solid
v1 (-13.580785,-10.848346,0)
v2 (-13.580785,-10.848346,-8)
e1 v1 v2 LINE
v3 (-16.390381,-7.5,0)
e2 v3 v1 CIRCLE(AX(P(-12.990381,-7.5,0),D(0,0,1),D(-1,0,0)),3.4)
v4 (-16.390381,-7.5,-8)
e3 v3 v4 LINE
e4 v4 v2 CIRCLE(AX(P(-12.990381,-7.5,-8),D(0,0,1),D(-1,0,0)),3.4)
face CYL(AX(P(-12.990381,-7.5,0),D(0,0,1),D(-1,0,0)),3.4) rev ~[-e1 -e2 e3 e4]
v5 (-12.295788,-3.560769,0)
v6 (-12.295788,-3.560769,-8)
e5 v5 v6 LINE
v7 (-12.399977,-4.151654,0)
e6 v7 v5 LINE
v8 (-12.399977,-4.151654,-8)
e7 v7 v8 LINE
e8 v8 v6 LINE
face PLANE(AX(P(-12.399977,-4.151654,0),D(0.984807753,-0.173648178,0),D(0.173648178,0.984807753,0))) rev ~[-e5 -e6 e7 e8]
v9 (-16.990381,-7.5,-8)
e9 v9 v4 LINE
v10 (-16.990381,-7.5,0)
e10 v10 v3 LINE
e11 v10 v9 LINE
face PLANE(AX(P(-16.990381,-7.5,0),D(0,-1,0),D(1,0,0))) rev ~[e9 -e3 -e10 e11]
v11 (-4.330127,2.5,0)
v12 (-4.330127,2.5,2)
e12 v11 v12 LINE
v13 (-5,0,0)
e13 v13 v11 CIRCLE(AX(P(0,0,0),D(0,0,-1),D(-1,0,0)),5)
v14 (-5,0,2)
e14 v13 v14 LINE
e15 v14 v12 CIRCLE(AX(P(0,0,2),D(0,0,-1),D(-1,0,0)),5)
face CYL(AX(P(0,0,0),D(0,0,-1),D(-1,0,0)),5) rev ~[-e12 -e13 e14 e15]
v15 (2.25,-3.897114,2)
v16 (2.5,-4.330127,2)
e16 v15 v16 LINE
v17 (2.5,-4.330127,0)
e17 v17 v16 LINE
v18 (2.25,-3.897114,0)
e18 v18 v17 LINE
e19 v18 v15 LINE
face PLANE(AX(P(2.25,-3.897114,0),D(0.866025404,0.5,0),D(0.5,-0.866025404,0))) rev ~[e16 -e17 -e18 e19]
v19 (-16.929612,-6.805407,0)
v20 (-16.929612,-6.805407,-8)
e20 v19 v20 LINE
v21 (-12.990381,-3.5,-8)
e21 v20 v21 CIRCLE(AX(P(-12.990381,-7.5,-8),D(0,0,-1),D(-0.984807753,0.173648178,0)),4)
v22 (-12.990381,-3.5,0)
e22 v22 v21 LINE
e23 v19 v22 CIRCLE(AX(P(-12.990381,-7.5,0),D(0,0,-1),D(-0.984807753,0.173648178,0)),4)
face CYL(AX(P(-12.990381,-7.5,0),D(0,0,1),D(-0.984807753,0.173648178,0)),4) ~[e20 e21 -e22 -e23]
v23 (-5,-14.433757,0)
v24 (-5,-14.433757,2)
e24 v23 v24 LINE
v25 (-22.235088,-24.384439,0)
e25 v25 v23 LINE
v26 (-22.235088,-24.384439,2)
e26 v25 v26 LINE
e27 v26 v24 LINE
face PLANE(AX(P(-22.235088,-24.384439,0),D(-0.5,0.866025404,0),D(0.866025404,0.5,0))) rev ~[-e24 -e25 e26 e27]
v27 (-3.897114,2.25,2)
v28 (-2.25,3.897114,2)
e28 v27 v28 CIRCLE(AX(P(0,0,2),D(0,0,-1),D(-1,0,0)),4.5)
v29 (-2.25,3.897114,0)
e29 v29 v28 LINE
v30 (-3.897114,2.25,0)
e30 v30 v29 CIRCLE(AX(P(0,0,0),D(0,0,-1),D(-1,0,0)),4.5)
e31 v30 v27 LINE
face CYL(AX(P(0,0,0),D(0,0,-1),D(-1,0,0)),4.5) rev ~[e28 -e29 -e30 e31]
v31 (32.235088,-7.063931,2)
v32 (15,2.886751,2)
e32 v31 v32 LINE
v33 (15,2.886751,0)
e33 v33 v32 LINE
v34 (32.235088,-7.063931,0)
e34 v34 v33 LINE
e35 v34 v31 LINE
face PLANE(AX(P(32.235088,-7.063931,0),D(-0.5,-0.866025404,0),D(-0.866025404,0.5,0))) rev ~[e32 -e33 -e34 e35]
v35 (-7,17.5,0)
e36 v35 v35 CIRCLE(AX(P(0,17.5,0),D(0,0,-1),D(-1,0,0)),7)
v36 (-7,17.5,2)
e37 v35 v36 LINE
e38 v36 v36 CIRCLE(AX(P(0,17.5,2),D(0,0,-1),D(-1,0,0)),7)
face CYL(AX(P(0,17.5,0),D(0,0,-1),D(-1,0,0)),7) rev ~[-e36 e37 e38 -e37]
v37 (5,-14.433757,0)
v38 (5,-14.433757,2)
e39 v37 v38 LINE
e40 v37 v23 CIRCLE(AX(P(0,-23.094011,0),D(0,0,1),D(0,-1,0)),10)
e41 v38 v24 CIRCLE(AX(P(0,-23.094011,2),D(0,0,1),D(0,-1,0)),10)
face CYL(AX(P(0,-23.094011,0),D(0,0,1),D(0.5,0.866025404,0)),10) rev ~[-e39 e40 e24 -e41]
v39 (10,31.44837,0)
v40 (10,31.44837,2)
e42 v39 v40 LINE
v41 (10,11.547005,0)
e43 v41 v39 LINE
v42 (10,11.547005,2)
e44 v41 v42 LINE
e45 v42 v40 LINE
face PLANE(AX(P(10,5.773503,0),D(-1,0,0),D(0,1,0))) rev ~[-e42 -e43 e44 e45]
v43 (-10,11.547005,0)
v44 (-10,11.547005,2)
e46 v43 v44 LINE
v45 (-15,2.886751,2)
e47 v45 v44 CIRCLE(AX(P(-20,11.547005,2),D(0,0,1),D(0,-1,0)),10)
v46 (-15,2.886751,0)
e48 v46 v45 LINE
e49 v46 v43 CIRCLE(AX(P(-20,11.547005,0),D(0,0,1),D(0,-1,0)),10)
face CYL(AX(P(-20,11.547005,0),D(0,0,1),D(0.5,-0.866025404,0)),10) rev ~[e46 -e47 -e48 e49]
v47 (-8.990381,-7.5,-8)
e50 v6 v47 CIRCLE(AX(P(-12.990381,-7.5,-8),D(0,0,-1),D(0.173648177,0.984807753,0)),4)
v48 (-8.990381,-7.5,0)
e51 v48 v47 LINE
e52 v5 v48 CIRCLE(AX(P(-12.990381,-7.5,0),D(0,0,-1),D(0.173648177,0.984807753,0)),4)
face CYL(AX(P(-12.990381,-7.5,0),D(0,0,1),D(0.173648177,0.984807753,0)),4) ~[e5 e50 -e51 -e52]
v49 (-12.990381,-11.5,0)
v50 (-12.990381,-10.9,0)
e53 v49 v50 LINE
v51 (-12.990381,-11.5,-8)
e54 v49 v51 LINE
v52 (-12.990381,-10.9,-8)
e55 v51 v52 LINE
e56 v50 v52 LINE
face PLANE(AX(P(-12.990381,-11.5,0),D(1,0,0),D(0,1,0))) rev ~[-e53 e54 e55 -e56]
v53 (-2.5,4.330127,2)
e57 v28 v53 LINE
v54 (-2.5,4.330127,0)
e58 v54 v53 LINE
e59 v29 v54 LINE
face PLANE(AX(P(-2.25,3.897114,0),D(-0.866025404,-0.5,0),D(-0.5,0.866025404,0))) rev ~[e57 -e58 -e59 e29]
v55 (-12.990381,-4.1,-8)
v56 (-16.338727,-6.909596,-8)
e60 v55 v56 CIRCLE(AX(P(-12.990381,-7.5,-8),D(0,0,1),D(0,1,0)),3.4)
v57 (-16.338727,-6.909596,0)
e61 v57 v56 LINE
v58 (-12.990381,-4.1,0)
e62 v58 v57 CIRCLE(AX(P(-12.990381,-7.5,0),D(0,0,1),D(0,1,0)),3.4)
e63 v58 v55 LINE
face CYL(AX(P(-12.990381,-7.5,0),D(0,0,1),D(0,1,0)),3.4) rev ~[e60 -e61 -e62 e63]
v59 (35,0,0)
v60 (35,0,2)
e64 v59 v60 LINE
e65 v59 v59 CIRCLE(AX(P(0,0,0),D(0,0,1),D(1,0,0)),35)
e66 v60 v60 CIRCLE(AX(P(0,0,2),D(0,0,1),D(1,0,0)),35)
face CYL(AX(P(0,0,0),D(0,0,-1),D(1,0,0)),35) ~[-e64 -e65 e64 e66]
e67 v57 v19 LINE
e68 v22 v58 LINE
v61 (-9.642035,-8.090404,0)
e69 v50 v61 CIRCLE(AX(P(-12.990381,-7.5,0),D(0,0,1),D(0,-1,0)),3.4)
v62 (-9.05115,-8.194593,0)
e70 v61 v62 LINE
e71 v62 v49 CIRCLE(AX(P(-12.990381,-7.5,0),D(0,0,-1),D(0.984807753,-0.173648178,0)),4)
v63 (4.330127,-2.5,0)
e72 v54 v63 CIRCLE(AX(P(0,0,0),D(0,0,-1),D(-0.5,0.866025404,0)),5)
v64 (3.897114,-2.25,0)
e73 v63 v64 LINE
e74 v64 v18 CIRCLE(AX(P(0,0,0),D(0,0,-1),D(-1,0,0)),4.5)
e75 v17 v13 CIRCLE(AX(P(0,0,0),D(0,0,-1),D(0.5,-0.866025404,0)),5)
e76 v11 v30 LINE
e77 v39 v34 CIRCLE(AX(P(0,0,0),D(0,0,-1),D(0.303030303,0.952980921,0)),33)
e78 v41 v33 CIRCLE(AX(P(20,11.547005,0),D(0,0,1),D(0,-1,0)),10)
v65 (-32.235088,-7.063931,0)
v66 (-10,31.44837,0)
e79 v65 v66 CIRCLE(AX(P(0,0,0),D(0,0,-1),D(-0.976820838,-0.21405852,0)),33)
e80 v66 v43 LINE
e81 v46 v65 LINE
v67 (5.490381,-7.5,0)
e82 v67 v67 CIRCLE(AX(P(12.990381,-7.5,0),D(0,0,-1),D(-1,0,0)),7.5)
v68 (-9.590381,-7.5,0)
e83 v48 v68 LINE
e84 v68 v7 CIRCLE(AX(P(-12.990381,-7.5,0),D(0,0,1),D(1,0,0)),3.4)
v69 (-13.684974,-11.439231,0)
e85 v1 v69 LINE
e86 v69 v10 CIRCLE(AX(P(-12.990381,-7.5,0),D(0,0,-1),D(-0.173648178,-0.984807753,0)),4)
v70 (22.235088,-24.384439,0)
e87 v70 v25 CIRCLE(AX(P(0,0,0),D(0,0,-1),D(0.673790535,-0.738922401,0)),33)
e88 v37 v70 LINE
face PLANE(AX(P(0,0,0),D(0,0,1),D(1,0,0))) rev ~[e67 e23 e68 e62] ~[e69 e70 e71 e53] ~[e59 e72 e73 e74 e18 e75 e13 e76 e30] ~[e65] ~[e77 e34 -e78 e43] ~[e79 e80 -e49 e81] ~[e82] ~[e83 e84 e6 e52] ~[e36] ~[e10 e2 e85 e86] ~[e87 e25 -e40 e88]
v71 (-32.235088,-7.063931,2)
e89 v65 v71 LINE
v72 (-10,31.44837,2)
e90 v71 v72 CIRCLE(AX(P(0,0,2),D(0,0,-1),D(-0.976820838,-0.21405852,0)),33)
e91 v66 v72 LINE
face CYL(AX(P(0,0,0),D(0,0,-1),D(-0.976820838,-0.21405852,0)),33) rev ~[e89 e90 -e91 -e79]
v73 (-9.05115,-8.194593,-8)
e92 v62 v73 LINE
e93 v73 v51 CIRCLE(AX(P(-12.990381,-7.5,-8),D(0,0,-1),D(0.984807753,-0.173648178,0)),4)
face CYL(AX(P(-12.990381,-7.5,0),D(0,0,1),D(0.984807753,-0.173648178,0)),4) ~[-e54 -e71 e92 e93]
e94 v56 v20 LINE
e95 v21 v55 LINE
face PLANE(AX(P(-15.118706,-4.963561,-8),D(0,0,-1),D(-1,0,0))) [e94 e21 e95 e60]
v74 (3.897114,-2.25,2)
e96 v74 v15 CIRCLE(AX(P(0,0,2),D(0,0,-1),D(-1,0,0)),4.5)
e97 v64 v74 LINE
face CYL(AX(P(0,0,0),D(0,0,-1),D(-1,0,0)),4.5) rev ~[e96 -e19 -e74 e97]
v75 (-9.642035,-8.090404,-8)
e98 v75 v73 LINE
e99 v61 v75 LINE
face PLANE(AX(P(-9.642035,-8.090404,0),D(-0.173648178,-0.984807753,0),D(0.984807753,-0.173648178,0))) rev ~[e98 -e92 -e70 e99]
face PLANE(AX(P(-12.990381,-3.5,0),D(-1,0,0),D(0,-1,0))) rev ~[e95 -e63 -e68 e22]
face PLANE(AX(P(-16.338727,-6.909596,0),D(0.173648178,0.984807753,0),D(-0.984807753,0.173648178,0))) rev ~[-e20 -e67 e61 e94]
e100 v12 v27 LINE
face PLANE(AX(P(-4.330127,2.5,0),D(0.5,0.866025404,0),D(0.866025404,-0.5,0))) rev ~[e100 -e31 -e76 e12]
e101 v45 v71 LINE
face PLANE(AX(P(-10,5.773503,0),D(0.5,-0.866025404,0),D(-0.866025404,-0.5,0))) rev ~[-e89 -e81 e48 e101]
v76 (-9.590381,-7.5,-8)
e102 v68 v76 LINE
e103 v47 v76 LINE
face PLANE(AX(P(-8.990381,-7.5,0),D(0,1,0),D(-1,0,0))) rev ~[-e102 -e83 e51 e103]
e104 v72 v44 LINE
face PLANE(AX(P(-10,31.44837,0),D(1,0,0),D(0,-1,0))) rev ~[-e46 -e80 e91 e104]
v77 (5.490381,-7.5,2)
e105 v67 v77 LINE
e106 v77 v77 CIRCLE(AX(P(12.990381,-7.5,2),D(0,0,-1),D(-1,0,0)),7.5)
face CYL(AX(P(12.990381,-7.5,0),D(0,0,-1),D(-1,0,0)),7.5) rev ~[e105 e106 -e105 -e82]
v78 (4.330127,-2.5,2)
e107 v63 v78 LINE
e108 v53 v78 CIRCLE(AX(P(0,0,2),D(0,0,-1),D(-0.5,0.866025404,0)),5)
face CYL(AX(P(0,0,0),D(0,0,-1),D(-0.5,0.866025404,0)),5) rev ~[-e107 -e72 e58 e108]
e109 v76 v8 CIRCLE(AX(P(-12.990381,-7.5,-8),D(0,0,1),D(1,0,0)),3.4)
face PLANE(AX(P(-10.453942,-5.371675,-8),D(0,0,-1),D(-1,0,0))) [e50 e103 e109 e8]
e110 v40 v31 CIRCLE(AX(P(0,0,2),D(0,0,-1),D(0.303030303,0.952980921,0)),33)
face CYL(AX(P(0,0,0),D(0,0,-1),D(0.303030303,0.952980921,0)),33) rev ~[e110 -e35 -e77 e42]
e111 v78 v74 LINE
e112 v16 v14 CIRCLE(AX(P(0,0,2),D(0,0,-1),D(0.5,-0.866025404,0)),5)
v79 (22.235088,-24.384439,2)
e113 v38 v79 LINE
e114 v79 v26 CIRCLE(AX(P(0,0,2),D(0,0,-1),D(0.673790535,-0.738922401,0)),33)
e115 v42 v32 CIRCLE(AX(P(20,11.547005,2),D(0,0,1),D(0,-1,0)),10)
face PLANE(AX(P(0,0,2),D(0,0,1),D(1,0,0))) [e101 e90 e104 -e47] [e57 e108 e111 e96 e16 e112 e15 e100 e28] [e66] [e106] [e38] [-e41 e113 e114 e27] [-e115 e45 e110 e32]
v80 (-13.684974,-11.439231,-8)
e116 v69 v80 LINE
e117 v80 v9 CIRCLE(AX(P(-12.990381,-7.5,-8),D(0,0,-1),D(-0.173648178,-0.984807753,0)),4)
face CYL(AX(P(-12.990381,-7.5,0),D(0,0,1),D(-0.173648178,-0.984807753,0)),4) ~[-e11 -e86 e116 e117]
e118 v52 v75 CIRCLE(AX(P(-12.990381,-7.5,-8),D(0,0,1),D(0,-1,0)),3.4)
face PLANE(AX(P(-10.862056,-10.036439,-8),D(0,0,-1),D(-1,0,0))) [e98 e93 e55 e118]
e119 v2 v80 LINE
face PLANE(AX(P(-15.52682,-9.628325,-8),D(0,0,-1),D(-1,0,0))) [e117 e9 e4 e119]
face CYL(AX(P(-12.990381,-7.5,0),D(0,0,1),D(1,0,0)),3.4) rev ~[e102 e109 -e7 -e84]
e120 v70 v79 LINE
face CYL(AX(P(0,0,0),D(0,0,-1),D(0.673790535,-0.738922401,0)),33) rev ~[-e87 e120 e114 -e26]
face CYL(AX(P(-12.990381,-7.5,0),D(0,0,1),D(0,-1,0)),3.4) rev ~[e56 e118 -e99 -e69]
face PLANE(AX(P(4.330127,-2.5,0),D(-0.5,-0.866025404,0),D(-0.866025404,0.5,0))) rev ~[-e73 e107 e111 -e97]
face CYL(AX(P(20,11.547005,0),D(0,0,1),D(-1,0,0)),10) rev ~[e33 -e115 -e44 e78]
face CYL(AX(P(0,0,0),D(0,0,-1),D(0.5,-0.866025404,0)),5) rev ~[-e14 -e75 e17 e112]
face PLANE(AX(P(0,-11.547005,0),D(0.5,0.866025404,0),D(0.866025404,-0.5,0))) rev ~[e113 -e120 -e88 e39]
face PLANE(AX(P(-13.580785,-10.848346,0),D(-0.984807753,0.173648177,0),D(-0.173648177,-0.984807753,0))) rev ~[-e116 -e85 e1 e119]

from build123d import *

# Parameters (mm, degrees)
SKETCH1_R           = 35
BOSS_EXTRUDE1_DEPTH = 2
FILLET1_R           = 10
CUT_EXTRUDE2_REACH  = 51.538
SKETCH2_R           = 4.5
CUT_EXTRUDE3_REACH  = 51.538
SKETCH3_R           = 7.5
SKETCH3_R_2         = 7
BOSS_EXTRUDE2_DEPTH = 8


with BuildPart() as part:
    # Sketch1 → Boss-Extrude1 (new body)
    with BuildSketch(Plane.XY):
        Circle(SKETCH1_R)
        with BuildLine():
            Line((-10, 31.448370387), (-10, 5.773502692))
            Line((-10, 5.773502692), (-32.235087663, -7.063931156))
            ThreePointArc((-32.235087663, -7.063931156), (-28.578838325, 16.5), (-10, 31.448370387))
        make_face(mode=Mode.SUBTRACT)
        with BuildLine():
            Line((-22.235087663, -24.384439231), (0, -11.547005384))
            Line((0, -11.547005384), (22.235087663, -24.384439231))
            ThreePointArc((22.235087663, -24.384439231), (0, -33), (-22.235087663, -24.384439231))
        make_face(mode=Mode.SUBTRACT)
        with BuildLine():
            Line((32.235087663, -7.063931156), (10, 5.773502692))
            Line((10, 5.773502692), (10, 31.448370387))
            ThreePointArc((10, 31.448370387), (28.578838325, 16.5), (32.235087663, -7.063931156))
        make_face(mode=Mode.SUBTRACT)
    extrude(amount=BOSS_EXTRUDE1_DEPTH)

    # Fillet1
    fillet1_edges = [part.edges().sort_by_distance(p)[0] for p in [
        (-10, 5.773502692, 1),
        (10, 5.773502692, 1),
        (0, -11.547005384, 1),
    ]]
    fillet(fillet1_edges, radius=FILLET1_R)

    # Sketch2 → Cut-Extrude2 (cut, up to next)
    with BuildSketch(Plane(origin=(0, 0, 0), x_dir=(-1, 0, 0), z_dir=(0, 0, -1)), mode=Mode.PRIVATE) as cut_extrude2_sk1:
        Circle(SKETCH2_R)
    cut_extrude2_tool1 = extrude(cut_extrude2_sk1.sketch, amount=-CUT_EXTRUDE2_REACH, mode=Mode.PRIVATE) & part.part
    # Sketch2 → Cut-Extrude2 (cut, up to next)
    with BuildSketch(Plane(origin=(0, 0, 0), x_dir=(-1, 0, 0), z_dir=(0, 0, -1)), mode=Mode.PRIVATE) as cut_extrude2_sk2:
        with BuildLine():
            ThreePointArc((5, 0), (4.829629131, 1.294095226), (4.330127019, 2.5))
            Line((4.330127019, 2.5), (3.897114317, 2.25))
            ThreePointArc((3.897114317, 2.25), (4.346666218, 1.164685703), (4.5, 0))
            ThreePointArc((4.5, 0), (2.25, -3.897114317), (-2.25, -3.897114317))
            Line((-2.25, -3.897114317), (-2.5, -4.330127019))
            ThreePointArc((-2.5, -4.330127019), (2.5, -4.330127019), (5, 0))
        make_face()
    cut_extrude2_tool2 = extrude(cut_extrude2_sk2.sketch, amount=-CUT_EXTRUDE2_REACH, mode=Mode.PRIVATE) & part.part
    # Sketch2 → Cut-Extrude2 (cut, up to next)
    with BuildSketch(Plane(origin=(0, 0, 0), x_dir=(-1, 0, 0), z_dir=(0, 0, -1)), mode=Mode.PRIVATE) as cut_extrude2_sk3:
        with BuildLine():
            Line((2.25, 3.897114317), (2.5, 4.330127019))
            ThreePointArc((2.5, 4.330127019), (-3.535533906, 3.535533906), (-4.330127019, -2.5))
            Line((-4.330127019, -2.5), (-3.897114317, -2.25))
            ThreePointArc((-3.897114317, -2.25), (-3.181980515, 3.181980515), (2.25, 3.897114317))
        make_face()
    cut_extrude2_tool3 = extrude(cut_extrude2_sk3.sketch, amount=-CUT_EXTRUDE2_REACH, mode=Mode.PRIVATE) & part.part
    add(cut_extrude2_tool1.solids().sort_by_distance((0, 0, 0))[0], mode=Mode.SUBTRACT)
    add(cut_extrude2_tool2.solids().sort_by_distance((-2.446967, -4.238271, 0))[0], mode=Mode.SUBTRACT)
    add(cut_extrude2_tool3.solids().sort_by_distance((4.166654, -2.283144, 0))[0], mode=Mode.SUBTRACT)

    # Sketch3 → Cut-Extrude3 (cut, up to next)
    with BuildSketch(Plane(origin=(0, 0, 0), x_dir=(-1, 0, 0), z_dir=(0, 0, -1)), mode=Mode.PRIVATE) as cut_extrude3_sk1:
        with Locations((-12.990381057, -7.5)):
            Circle(SKETCH3_R)
    cut_extrude3_tool1 = extrude(cut_extrude3_sk1.sketch, amount=-CUT_EXTRUDE3_REACH, mode=Mode.PRIVATE) & part.part
    # Sketch3 → Cut-Extrude3 (cut, up to next)
    with BuildSketch(Plane(origin=(0, 0, 0), x_dir=(-1, 0, 0), z_dir=(0, 0, -1)), mode=Mode.PRIVATE) as cut_extrude3_sk2:
        with Locations((0, 17.5)):
            Circle(SKETCH3_R_2)
    cut_extrude3_tool2 = extrude(cut_extrude3_sk2.sketch, amount=-CUT_EXTRUDE3_REACH, mode=Mode.PRIVATE) & part.part
    add(cut_extrude3_tool1.solids().sort_by_distance((12.990381, -7.5, 0))[0], mode=Mode.SUBTRACT)
    add(cut_extrude3_tool2.solids().sort_by_distance((0, 17.5, 0))[0], mode=Mode.SUBTRACT)

    # Sketch3<4> → Boss-Extrude2 (add)
    with BuildSketch(Plane(origin=(0, 0, 0), x_dir=(-1, 0, 0), z_dir=(0, 0, -1))):
        with BuildLine():
            ThreePointArc((16.390381057, -7.5), (15.594932163, -9.685477873), (13.580784861, -10.84834636))
            Line((13.580784861, -10.84834636), (13.684973767, -11.439231012))
            ThreePointArc((13.684973767, -11.439231012), (16.054558829, -10.071150439), (16.990381057, -7.5))
            Line((16.990381057, -7.5), (16.390381057, -7.5))
        make_face()
        with BuildLine():
            Line((12.990381057, -3.5), (12.990381057, -4.1))
            ThreePointArc((12.990381057, -4.1), (15.17585893, -4.895448893), (16.338727417, -6.909596196))
            Line((16.338727417, -6.909596196), (16.929612069, -6.805407289))
            ThreePointArc((16.929612069, -6.805407289), (15.561531496, -4.435822228), (12.990381057, -3.5))
        make_face()
        with BuildLine():
            ThreePointArc((9.590381057, -7.5), (10.38582995, -5.314522127), (12.399977253, -4.15165364))
            Line((12.399977253, -4.15165364), (12.295788346, -3.560768988))
            ThreePointArc((12.295788346, -3.560768988), (9.926203284, -4.928849561), (8.990381057, -7.5))
            Line((8.990381057, -7.5), (9.590381057, -7.5))
        make_face()
        with BuildLine():
            ThreePointArc((12.990381057, -10.9), (10.804903184, -10.104551107), (9.642034697, -8.090403804))
            Line((9.642034697, -8.090403804), (9.051150045, -8.194592711))
            ThreePointArc((9.051150045, -8.194592711), (10.419230618, -10.564177772), (12.990381057, -11.5))
            Line((12.990381057, -11.5), (12.990381057, -10.9))
        make_face()
    extrude(amount=BOSS_EXTRUDE2_DEPTH)


solid = part.part
